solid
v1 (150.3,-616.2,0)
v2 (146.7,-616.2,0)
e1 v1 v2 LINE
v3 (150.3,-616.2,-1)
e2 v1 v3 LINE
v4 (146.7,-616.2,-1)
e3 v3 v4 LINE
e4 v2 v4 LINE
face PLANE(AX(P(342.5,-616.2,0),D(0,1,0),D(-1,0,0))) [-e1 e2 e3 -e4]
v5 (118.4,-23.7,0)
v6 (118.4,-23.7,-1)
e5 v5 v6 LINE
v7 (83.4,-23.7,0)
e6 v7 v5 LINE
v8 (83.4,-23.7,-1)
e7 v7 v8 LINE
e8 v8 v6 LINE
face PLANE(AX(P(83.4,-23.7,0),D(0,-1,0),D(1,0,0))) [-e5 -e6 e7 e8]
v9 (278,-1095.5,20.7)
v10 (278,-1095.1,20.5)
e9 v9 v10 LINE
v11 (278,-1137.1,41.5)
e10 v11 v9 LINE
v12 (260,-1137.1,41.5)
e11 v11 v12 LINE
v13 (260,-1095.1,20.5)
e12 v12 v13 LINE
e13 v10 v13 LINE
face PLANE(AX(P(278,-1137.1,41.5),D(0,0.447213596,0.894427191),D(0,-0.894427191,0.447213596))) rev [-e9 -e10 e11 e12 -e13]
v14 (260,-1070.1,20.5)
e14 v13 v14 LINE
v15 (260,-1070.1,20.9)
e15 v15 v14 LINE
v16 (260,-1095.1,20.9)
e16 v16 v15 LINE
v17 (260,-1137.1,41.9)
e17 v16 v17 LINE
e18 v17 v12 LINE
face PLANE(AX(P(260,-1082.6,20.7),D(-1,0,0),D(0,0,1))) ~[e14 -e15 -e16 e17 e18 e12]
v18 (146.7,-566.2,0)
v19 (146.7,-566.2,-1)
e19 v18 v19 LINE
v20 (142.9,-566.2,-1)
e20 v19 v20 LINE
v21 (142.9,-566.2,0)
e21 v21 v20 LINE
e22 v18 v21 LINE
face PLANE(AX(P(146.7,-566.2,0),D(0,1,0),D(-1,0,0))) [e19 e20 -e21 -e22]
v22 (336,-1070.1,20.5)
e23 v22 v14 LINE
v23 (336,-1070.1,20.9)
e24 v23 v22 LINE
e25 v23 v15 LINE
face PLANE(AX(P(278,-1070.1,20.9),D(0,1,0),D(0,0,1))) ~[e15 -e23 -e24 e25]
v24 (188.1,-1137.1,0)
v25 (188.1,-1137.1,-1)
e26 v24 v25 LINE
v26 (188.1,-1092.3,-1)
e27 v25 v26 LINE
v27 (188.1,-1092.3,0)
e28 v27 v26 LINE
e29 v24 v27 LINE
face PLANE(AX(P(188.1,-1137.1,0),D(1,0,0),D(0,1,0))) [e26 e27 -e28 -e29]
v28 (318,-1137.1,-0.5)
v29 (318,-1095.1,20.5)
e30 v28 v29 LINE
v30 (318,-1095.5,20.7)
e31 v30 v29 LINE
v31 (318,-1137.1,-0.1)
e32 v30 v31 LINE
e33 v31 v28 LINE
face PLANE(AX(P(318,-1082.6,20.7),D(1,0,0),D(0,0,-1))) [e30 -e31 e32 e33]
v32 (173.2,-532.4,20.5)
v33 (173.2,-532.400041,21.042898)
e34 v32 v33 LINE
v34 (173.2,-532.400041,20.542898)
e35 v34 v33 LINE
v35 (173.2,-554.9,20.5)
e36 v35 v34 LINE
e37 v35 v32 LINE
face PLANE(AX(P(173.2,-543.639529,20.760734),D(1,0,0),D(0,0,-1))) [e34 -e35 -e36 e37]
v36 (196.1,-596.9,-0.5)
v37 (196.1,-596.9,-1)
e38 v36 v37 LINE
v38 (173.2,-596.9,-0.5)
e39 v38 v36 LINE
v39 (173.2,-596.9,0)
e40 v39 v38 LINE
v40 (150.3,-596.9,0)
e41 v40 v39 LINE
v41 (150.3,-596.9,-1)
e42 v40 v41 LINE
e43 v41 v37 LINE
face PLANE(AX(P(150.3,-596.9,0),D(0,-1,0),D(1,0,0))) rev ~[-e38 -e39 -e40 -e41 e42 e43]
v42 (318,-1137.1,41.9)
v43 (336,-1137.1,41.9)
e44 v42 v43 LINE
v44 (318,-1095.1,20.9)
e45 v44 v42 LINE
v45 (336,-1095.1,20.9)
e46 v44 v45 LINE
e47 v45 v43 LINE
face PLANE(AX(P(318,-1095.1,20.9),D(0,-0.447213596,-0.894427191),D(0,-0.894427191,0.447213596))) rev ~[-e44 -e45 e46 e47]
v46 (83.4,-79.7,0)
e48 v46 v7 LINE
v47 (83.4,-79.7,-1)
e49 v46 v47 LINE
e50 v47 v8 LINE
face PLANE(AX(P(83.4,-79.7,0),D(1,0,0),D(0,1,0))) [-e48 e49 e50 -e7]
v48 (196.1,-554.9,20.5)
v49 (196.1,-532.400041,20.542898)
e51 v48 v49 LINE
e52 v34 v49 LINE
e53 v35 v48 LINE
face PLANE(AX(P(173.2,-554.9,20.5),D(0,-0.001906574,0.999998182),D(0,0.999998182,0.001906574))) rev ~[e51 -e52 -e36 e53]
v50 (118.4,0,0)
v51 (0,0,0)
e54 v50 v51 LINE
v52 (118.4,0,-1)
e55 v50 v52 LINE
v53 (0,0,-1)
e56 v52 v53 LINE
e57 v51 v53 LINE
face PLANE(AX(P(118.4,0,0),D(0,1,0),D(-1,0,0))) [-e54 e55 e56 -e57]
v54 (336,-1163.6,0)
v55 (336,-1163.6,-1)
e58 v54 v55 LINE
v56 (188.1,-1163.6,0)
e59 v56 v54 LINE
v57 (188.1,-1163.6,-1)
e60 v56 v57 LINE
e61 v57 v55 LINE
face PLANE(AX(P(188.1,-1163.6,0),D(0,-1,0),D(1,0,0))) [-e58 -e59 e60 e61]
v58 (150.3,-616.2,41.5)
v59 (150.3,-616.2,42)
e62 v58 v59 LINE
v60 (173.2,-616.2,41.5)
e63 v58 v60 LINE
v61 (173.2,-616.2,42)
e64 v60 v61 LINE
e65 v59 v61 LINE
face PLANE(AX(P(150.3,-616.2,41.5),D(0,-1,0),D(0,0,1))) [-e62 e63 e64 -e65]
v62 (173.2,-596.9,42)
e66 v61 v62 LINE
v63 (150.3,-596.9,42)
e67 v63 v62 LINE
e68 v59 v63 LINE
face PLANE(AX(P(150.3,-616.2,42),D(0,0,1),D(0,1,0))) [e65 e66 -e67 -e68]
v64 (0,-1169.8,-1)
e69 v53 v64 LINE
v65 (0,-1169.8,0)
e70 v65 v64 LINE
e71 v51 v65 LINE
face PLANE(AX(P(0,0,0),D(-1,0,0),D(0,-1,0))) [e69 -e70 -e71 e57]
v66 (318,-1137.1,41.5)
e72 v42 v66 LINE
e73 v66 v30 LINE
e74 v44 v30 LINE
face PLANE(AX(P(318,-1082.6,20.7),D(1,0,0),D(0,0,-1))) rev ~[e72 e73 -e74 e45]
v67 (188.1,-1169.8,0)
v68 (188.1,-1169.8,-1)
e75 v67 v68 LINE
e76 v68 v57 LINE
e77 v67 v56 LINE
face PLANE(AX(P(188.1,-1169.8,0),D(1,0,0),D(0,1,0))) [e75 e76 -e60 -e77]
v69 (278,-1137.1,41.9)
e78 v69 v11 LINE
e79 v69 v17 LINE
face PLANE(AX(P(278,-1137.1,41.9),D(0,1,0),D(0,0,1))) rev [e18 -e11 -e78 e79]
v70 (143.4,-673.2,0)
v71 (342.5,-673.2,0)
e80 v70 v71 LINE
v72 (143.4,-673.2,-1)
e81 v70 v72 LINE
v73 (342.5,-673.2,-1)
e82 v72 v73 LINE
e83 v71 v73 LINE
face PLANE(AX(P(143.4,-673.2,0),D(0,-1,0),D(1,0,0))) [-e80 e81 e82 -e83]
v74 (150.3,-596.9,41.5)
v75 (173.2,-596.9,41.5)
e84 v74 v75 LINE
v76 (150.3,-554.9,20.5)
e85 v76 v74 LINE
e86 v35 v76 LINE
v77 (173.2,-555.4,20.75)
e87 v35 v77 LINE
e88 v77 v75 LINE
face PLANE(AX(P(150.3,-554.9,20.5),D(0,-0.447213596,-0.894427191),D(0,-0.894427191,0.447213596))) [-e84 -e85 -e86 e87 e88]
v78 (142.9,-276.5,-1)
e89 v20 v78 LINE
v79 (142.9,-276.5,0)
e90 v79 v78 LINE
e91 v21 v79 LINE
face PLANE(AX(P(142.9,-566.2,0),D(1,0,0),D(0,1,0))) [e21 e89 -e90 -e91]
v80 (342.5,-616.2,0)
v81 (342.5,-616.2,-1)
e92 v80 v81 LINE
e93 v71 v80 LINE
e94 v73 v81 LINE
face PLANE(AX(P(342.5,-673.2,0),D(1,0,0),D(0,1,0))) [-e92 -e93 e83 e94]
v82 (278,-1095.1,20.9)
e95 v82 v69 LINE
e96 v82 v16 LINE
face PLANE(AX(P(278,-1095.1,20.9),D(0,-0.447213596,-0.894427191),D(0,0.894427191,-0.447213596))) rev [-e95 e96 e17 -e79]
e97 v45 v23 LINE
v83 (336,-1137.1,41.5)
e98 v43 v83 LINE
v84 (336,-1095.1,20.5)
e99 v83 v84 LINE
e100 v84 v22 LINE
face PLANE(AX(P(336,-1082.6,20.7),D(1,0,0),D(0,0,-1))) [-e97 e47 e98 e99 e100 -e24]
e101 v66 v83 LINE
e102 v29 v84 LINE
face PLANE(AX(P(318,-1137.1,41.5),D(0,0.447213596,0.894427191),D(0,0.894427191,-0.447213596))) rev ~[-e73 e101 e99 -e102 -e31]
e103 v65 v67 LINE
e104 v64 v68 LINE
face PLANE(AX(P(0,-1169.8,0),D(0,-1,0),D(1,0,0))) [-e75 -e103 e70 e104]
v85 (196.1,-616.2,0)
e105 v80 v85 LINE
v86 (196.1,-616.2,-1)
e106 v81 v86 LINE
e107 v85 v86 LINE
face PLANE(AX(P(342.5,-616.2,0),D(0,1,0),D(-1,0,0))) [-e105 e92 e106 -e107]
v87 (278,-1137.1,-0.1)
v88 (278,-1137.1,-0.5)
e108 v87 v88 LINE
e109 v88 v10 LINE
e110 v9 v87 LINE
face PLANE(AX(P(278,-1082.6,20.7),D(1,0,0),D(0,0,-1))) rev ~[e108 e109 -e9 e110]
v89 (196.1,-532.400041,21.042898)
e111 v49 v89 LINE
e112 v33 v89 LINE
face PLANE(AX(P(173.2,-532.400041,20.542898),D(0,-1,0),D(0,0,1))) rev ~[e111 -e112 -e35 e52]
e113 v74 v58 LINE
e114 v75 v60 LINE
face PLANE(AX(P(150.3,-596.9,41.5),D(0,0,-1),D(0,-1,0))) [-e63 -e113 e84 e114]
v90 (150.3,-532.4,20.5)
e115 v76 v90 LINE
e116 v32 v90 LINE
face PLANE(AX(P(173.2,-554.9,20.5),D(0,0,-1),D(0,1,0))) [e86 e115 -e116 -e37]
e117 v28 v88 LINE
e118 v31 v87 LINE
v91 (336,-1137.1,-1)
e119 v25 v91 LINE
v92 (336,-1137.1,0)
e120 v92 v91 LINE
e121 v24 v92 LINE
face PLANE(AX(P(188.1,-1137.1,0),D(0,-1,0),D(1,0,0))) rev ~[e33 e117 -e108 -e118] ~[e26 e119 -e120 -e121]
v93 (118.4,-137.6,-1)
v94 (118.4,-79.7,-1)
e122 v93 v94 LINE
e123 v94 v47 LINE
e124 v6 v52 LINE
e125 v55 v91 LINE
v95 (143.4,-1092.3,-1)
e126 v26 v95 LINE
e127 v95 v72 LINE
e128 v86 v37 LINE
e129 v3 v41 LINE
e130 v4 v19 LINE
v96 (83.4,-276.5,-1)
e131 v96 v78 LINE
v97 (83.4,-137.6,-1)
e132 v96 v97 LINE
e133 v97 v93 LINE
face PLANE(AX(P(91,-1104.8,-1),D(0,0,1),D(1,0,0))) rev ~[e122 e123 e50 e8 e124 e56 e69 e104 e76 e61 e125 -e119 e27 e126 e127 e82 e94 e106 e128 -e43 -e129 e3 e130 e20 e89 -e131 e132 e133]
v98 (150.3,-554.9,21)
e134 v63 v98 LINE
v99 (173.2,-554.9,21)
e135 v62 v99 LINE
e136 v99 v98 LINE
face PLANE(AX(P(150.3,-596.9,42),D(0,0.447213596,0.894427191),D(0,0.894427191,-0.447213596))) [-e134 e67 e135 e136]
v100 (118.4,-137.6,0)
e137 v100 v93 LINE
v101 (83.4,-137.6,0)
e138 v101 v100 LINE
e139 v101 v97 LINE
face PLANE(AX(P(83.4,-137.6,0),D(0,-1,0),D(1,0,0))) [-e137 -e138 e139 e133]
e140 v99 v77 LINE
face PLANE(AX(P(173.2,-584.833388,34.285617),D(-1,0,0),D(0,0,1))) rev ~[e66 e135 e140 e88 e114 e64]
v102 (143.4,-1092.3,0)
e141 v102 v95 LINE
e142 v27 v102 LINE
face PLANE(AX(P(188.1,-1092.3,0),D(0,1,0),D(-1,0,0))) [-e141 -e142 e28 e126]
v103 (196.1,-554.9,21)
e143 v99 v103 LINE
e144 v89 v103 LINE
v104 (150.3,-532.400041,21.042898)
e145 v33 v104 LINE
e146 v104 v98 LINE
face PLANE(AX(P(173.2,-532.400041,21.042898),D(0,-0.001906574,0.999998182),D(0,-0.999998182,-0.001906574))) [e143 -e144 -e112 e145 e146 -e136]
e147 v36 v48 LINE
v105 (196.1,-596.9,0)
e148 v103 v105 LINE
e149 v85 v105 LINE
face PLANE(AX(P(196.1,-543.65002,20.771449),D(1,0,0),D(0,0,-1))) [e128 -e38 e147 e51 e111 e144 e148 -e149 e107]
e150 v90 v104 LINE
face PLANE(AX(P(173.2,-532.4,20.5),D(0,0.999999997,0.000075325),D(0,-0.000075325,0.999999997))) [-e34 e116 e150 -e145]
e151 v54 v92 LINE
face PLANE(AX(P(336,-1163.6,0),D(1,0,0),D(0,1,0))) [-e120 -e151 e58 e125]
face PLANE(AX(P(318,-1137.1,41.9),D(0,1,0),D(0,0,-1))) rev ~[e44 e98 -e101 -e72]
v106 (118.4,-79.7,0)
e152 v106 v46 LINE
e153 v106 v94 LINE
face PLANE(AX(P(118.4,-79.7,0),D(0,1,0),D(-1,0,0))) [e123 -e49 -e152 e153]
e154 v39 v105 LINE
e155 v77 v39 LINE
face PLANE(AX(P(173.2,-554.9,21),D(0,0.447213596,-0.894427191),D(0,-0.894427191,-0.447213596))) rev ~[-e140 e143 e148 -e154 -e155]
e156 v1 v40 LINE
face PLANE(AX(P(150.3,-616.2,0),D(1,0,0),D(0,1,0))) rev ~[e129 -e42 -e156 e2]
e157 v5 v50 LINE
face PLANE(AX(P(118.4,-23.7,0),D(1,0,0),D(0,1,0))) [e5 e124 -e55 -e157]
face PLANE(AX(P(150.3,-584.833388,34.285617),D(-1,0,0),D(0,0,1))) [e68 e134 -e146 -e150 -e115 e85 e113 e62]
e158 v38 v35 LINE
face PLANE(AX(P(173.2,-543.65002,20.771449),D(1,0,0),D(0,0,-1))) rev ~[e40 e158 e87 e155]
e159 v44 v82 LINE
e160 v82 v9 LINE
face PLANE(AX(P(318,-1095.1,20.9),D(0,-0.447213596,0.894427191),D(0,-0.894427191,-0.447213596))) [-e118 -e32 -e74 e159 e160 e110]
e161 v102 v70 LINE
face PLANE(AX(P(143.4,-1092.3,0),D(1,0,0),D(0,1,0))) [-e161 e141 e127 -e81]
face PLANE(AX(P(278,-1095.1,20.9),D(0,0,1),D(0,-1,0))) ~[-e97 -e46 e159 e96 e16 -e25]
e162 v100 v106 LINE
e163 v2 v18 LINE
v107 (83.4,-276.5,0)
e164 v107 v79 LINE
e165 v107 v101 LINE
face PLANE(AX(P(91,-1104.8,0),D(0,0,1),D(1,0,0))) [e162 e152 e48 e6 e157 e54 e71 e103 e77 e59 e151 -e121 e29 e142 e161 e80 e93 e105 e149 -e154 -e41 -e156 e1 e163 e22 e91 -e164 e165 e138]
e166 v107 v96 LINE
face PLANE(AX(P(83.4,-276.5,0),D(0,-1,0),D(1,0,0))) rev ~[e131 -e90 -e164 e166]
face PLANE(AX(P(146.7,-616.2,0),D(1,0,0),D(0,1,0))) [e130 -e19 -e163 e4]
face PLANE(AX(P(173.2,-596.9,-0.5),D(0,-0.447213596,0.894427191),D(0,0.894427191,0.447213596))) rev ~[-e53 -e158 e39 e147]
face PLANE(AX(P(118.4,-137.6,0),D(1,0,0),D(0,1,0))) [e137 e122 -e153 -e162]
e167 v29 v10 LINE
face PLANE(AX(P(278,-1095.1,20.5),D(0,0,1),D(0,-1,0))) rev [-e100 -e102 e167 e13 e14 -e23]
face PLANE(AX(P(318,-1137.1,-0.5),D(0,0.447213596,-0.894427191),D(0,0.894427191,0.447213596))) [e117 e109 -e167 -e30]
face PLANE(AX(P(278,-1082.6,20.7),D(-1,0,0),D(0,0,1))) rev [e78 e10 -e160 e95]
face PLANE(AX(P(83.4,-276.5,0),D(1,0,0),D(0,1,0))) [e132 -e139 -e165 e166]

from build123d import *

# Parameters (mm, degrees)
SKETCH_1_W        = 15.2
SKETCH_1_H        = 25
SKETCH_1_W_2      = 15.9
SKETCH_1_W_3      = 60
SKETCH_1_H_2      = 55.8
SKETCH_1_H_3      = 56.6
SKETCH_1_H_4      = 59.4
SKETCH_1_W_4      = 147.9
SKETCH_1_H_5      = 26.5
SKETCH_1_H_6      = 78.6
SKETCH_1_H_7      = 80.6
SKETCH_1_H_8      = 81.1
SKETCH_1_W_5      = 59.5
SKETCH_1_H_9      = 83.5
SKETCH_1_H_10     = 84.1
SKETCH_1_H_11     = 84.6
SKETCH_1_H_12     = 84.7
SKETCH_1_H_13     = 103
SKETCH_1_H_14     = 103.2
SKETCH_1_H_15     = 105.1
SKETCH_1_H_16     = 111.3
SKETCH_1_H_17     = 127.2
SKETCH_1_H_18     = 130
EXTRUDE_1_DEPTH   = 1
SKETCH_2_W        = 45.8
SKETCH_2_H        = 19.3
EXTRUDE_2_DEPTH   = 1
EXTRUDE_3_DEPTH   = 22.9
EXTRUDE_4_DEPTH   = 22.9
SKETCH_6_W        = 0.4
SKETCH_6_H        = 25
EXTRUDE_6_DEPTH   = 40
SKETCH_7_W        = 0.4
SKETCH_7_H        = 25
EXTRUDE_7_DEPTH   = 18
EXTRUDE_720_DEPTH = 22.9


with BuildPart() as part:
    # 草图1 → 拉伸1 (new body)
    with BuildSketch(Plane.XY):
        with Locations((91, -1104.8)):
            Rectangle(SKETCH_1_W, SKETCH_1_H)
        with Locations((106.55, -1104.8)):
            Rectangle(SKETCH_1_W_2, SKETCH_1_H)
        with Locations((113.4, -865.7)):
            Rectangle(SKETCH_1_W_3, SKETCH_1_H_2)
        with Locations((30, -811.2)):
            Rectangle(SKETCH_1_W_3, SKETCH_1_H_3)
        with Locations((30, -306.2)):
            Rectangle(SKETCH_1_W_3, SKETCH_1_H_4)
        with Locations((262.05, -1150.35)):
            Rectangle(SKETCH_1_W_4, SKETCH_1_H_5)
        with Locations((30, -1130.5)):
            Rectangle(SKETCH_1_W_3, SKETCH_1_H_6)
        with Locations((30, -40.3)):
            Rectangle(SKETCH_1_W_3, SKETCH_1_H_7)
        with Locations((113.4, -713.75)):
            Rectangle(SKETCH_1_W_3, SKETCH_1_H_8)
        with Locations((113.15, -421.25)):
            Rectangle(SKETCH_1_W_5, SKETCH_1_H_9)
        with Locations((30, -1049.45)):
            Rectangle(SKETCH_1_W_3, SKETCH_1_H_9)
        with Locations((113.4, -796.05)):
            Rectangle(SKETCH_1_W_3, SKETCH_1_H_9)
        with Locations((30, -965.65)):
            Rectangle(SKETCH_1_W_3, SKETCH_1_H_10)
        with Locations((30, -881.55)):
            Rectangle(SKETCH_1_W_3, SKETCH_1_H_10)
        with Locations((30, -234.2)):
            Rectangle(SKETCH_1_W_3, SKETCH_1_H_11)
        with Locations((30, -378.25)):
            Rectangle(SKETCH_1_W_3, SKETCH_1_H_12)
        with Locations((113.4, -935.95)):
            Rectangle(SKETCH_1_W_3, SKETCH_1_H_12)
        with Locations((113.15, -328)):
            Rectangle(SKETCH_1_W_5, SKETCH_1_H_13)
        with Locations((113.15, -514.6)):
            Rectangle(SKETCH_1_W_5, SKETCH_1_H_14)
        with Locations((30, -730.35)):
            Rectangle(SKETCH_1_W_3, SKETCH_1_H_15)
        with Locations((30, -136.25)):
            Rectangle(SKETCH_1_W_3, SKETCH_1_H_16)
        Polygon((83.4, -978.3), (143.4, -978.3), (143.4, -1092.3), (114.5, -1092.3), (98.6, -1092.3), (83.4, -1092.3), align=None)
        with Locations((30, -614.2)):
            Rectangle(SKETCH_1_W_3, SKETCH_1_H_17)
        with Locations((30, -485.6)):
            Rectangle(SKETCH_1_W_3, SKETCH_1_H_18)
        Polygon((188.1, -1117.3), (188.1, -1092.3), (166.2, -1092.3), (143.4, -1092.3), (114.5, -1092.3), (114.5, -1117.3), (98.6, -1117.3), (83.4, -1117.3), (83.4, -1092.3), (83.4, -978.3), (83.4, -893.6), (83.4, -837.8), (83.4, -754.3), (83.4, -673.2), (143.4, -673.2), (342.5, -673.2), (342.5, -616.2), (192.5, -616.2), (146.7, -616.2), (146.7, -566.2), (142.9, -566.2), (83.4, -566.2), (83.4, -463), (83.4, -379.5), (83.4, -276.5), (83.4, -137.6), (118.4, -137.6), (118.4, -79.7), (83.4, -79.7), (83.4, -23.7), (118.4, -23.7), (118.4, 0), (60, 0), (60, -80.6), (60, -191.9), (60, -276.5), (60, -335.9), (60, -420.6), (60, -550.6), (60, -677.8), (60, -782.9), (60, -839.5), (60, -923.6), (60, -1007.7), (60, -1091.2), (60, -1169.8), (188.1, -1169.8), (188.1, -1163.6), (188.1, -1137.1), align=None)
    extrude(amount=-EXTRUDE_1_DEPTH)

    # 草图2 → 拉伸2 (add)
    with BuildSketch(Plane.XY):
        with Locations((173.2, -606.55)):
            Rectangle(SKETCH_2_W, SKETCH_2_H)
    extrude(amount=-EXTRUDE_2_DEPTH)

    # 草图3 → 拉伸3 (add)
    with BuildSketch(Plane(origin=(173.2, -616.2, 0), x_dir=(0, 0, -1), z_dir=(1, 0, 0))):
        Polygon((-21.04289792, 83.799959106), (-21, 61.3), (-20.5, 61.3), (-20.54289792, 83.799959106), align=None)
        Polygon((-21, 61.3), (0, 19.3), (0.5, 19.3), (-20.5, 61.3), align=None)
    extrude(amount=EXTRUDE_3_DEPTH)

    # 草图4 → 拉伸4 (add)
    with BuildSketch(Plane(origin=(173.2, -616.2, 0), x_dir=(0, 0, -1), z_dir=(1, 0, 0))):
        Polygon((-20.5, 61.3), (-20.5, 83.8), (-21.04289792, 83.799959106), (-21, 61.3), align=None)
    extrude(amount=-EXTRUDE_4_DEPTH)

    # 草图6 → 拉伸6 (add)
    with BuildSketch(Plane(origin=(318, -1163.6, 0), x_dir=(0, 0, -1), z_dir=(1, 0, 0))):
        with Locations((-20.7, 81)):
            Rectangle(SKETCH_6_W, SKETCH_6_H)
        Polygon((-20.9, 68.5), (0.1, 26.5), (0.5, 26.5), (-20.5, 68.5), align=None)
    extrude(amount=-EXTRUDE_6_DEPTH)

    # 草图7 → 拉伸7 (add)
    with BuildSketch(Plane(origin=(318, -1163.6, 0), x_dir=(0, 0, -1), z_dir=(1, 0, 0))):
        with Locations((-20.7, 81)):
            Rectangle(SKETCH_7_W, SKETCH_7_H)
        Polygon((-41.9, 26.5), (-41.5, 26.5), (-20.5, 68.5), (-20.9, 68.5), align=None)
    extrude_7 = extrude(amount=EXTRUDE_7_DEPTH)

    # 镜像1: 拉伸7 across plane
    add(extrude_7.mirror(Plane(origin=(298, -1163.6, 0), x_dir=(0, 0, 1), z_dir=(1, 0, 0))))

    # 草图9 → 凸台-拉伸720 (add)
    with BuildSketch(Plane.ZY.offset(-150.3)):
        Polygon((21, -554.9), (20.5, -554.9), (41.5, -596.9), (41.5, -616.2), (42, -616.2), (42, -596.9), align=None)
    extrude(amount=-EXTRUDE_720_DEPTH)


solid = part.part
